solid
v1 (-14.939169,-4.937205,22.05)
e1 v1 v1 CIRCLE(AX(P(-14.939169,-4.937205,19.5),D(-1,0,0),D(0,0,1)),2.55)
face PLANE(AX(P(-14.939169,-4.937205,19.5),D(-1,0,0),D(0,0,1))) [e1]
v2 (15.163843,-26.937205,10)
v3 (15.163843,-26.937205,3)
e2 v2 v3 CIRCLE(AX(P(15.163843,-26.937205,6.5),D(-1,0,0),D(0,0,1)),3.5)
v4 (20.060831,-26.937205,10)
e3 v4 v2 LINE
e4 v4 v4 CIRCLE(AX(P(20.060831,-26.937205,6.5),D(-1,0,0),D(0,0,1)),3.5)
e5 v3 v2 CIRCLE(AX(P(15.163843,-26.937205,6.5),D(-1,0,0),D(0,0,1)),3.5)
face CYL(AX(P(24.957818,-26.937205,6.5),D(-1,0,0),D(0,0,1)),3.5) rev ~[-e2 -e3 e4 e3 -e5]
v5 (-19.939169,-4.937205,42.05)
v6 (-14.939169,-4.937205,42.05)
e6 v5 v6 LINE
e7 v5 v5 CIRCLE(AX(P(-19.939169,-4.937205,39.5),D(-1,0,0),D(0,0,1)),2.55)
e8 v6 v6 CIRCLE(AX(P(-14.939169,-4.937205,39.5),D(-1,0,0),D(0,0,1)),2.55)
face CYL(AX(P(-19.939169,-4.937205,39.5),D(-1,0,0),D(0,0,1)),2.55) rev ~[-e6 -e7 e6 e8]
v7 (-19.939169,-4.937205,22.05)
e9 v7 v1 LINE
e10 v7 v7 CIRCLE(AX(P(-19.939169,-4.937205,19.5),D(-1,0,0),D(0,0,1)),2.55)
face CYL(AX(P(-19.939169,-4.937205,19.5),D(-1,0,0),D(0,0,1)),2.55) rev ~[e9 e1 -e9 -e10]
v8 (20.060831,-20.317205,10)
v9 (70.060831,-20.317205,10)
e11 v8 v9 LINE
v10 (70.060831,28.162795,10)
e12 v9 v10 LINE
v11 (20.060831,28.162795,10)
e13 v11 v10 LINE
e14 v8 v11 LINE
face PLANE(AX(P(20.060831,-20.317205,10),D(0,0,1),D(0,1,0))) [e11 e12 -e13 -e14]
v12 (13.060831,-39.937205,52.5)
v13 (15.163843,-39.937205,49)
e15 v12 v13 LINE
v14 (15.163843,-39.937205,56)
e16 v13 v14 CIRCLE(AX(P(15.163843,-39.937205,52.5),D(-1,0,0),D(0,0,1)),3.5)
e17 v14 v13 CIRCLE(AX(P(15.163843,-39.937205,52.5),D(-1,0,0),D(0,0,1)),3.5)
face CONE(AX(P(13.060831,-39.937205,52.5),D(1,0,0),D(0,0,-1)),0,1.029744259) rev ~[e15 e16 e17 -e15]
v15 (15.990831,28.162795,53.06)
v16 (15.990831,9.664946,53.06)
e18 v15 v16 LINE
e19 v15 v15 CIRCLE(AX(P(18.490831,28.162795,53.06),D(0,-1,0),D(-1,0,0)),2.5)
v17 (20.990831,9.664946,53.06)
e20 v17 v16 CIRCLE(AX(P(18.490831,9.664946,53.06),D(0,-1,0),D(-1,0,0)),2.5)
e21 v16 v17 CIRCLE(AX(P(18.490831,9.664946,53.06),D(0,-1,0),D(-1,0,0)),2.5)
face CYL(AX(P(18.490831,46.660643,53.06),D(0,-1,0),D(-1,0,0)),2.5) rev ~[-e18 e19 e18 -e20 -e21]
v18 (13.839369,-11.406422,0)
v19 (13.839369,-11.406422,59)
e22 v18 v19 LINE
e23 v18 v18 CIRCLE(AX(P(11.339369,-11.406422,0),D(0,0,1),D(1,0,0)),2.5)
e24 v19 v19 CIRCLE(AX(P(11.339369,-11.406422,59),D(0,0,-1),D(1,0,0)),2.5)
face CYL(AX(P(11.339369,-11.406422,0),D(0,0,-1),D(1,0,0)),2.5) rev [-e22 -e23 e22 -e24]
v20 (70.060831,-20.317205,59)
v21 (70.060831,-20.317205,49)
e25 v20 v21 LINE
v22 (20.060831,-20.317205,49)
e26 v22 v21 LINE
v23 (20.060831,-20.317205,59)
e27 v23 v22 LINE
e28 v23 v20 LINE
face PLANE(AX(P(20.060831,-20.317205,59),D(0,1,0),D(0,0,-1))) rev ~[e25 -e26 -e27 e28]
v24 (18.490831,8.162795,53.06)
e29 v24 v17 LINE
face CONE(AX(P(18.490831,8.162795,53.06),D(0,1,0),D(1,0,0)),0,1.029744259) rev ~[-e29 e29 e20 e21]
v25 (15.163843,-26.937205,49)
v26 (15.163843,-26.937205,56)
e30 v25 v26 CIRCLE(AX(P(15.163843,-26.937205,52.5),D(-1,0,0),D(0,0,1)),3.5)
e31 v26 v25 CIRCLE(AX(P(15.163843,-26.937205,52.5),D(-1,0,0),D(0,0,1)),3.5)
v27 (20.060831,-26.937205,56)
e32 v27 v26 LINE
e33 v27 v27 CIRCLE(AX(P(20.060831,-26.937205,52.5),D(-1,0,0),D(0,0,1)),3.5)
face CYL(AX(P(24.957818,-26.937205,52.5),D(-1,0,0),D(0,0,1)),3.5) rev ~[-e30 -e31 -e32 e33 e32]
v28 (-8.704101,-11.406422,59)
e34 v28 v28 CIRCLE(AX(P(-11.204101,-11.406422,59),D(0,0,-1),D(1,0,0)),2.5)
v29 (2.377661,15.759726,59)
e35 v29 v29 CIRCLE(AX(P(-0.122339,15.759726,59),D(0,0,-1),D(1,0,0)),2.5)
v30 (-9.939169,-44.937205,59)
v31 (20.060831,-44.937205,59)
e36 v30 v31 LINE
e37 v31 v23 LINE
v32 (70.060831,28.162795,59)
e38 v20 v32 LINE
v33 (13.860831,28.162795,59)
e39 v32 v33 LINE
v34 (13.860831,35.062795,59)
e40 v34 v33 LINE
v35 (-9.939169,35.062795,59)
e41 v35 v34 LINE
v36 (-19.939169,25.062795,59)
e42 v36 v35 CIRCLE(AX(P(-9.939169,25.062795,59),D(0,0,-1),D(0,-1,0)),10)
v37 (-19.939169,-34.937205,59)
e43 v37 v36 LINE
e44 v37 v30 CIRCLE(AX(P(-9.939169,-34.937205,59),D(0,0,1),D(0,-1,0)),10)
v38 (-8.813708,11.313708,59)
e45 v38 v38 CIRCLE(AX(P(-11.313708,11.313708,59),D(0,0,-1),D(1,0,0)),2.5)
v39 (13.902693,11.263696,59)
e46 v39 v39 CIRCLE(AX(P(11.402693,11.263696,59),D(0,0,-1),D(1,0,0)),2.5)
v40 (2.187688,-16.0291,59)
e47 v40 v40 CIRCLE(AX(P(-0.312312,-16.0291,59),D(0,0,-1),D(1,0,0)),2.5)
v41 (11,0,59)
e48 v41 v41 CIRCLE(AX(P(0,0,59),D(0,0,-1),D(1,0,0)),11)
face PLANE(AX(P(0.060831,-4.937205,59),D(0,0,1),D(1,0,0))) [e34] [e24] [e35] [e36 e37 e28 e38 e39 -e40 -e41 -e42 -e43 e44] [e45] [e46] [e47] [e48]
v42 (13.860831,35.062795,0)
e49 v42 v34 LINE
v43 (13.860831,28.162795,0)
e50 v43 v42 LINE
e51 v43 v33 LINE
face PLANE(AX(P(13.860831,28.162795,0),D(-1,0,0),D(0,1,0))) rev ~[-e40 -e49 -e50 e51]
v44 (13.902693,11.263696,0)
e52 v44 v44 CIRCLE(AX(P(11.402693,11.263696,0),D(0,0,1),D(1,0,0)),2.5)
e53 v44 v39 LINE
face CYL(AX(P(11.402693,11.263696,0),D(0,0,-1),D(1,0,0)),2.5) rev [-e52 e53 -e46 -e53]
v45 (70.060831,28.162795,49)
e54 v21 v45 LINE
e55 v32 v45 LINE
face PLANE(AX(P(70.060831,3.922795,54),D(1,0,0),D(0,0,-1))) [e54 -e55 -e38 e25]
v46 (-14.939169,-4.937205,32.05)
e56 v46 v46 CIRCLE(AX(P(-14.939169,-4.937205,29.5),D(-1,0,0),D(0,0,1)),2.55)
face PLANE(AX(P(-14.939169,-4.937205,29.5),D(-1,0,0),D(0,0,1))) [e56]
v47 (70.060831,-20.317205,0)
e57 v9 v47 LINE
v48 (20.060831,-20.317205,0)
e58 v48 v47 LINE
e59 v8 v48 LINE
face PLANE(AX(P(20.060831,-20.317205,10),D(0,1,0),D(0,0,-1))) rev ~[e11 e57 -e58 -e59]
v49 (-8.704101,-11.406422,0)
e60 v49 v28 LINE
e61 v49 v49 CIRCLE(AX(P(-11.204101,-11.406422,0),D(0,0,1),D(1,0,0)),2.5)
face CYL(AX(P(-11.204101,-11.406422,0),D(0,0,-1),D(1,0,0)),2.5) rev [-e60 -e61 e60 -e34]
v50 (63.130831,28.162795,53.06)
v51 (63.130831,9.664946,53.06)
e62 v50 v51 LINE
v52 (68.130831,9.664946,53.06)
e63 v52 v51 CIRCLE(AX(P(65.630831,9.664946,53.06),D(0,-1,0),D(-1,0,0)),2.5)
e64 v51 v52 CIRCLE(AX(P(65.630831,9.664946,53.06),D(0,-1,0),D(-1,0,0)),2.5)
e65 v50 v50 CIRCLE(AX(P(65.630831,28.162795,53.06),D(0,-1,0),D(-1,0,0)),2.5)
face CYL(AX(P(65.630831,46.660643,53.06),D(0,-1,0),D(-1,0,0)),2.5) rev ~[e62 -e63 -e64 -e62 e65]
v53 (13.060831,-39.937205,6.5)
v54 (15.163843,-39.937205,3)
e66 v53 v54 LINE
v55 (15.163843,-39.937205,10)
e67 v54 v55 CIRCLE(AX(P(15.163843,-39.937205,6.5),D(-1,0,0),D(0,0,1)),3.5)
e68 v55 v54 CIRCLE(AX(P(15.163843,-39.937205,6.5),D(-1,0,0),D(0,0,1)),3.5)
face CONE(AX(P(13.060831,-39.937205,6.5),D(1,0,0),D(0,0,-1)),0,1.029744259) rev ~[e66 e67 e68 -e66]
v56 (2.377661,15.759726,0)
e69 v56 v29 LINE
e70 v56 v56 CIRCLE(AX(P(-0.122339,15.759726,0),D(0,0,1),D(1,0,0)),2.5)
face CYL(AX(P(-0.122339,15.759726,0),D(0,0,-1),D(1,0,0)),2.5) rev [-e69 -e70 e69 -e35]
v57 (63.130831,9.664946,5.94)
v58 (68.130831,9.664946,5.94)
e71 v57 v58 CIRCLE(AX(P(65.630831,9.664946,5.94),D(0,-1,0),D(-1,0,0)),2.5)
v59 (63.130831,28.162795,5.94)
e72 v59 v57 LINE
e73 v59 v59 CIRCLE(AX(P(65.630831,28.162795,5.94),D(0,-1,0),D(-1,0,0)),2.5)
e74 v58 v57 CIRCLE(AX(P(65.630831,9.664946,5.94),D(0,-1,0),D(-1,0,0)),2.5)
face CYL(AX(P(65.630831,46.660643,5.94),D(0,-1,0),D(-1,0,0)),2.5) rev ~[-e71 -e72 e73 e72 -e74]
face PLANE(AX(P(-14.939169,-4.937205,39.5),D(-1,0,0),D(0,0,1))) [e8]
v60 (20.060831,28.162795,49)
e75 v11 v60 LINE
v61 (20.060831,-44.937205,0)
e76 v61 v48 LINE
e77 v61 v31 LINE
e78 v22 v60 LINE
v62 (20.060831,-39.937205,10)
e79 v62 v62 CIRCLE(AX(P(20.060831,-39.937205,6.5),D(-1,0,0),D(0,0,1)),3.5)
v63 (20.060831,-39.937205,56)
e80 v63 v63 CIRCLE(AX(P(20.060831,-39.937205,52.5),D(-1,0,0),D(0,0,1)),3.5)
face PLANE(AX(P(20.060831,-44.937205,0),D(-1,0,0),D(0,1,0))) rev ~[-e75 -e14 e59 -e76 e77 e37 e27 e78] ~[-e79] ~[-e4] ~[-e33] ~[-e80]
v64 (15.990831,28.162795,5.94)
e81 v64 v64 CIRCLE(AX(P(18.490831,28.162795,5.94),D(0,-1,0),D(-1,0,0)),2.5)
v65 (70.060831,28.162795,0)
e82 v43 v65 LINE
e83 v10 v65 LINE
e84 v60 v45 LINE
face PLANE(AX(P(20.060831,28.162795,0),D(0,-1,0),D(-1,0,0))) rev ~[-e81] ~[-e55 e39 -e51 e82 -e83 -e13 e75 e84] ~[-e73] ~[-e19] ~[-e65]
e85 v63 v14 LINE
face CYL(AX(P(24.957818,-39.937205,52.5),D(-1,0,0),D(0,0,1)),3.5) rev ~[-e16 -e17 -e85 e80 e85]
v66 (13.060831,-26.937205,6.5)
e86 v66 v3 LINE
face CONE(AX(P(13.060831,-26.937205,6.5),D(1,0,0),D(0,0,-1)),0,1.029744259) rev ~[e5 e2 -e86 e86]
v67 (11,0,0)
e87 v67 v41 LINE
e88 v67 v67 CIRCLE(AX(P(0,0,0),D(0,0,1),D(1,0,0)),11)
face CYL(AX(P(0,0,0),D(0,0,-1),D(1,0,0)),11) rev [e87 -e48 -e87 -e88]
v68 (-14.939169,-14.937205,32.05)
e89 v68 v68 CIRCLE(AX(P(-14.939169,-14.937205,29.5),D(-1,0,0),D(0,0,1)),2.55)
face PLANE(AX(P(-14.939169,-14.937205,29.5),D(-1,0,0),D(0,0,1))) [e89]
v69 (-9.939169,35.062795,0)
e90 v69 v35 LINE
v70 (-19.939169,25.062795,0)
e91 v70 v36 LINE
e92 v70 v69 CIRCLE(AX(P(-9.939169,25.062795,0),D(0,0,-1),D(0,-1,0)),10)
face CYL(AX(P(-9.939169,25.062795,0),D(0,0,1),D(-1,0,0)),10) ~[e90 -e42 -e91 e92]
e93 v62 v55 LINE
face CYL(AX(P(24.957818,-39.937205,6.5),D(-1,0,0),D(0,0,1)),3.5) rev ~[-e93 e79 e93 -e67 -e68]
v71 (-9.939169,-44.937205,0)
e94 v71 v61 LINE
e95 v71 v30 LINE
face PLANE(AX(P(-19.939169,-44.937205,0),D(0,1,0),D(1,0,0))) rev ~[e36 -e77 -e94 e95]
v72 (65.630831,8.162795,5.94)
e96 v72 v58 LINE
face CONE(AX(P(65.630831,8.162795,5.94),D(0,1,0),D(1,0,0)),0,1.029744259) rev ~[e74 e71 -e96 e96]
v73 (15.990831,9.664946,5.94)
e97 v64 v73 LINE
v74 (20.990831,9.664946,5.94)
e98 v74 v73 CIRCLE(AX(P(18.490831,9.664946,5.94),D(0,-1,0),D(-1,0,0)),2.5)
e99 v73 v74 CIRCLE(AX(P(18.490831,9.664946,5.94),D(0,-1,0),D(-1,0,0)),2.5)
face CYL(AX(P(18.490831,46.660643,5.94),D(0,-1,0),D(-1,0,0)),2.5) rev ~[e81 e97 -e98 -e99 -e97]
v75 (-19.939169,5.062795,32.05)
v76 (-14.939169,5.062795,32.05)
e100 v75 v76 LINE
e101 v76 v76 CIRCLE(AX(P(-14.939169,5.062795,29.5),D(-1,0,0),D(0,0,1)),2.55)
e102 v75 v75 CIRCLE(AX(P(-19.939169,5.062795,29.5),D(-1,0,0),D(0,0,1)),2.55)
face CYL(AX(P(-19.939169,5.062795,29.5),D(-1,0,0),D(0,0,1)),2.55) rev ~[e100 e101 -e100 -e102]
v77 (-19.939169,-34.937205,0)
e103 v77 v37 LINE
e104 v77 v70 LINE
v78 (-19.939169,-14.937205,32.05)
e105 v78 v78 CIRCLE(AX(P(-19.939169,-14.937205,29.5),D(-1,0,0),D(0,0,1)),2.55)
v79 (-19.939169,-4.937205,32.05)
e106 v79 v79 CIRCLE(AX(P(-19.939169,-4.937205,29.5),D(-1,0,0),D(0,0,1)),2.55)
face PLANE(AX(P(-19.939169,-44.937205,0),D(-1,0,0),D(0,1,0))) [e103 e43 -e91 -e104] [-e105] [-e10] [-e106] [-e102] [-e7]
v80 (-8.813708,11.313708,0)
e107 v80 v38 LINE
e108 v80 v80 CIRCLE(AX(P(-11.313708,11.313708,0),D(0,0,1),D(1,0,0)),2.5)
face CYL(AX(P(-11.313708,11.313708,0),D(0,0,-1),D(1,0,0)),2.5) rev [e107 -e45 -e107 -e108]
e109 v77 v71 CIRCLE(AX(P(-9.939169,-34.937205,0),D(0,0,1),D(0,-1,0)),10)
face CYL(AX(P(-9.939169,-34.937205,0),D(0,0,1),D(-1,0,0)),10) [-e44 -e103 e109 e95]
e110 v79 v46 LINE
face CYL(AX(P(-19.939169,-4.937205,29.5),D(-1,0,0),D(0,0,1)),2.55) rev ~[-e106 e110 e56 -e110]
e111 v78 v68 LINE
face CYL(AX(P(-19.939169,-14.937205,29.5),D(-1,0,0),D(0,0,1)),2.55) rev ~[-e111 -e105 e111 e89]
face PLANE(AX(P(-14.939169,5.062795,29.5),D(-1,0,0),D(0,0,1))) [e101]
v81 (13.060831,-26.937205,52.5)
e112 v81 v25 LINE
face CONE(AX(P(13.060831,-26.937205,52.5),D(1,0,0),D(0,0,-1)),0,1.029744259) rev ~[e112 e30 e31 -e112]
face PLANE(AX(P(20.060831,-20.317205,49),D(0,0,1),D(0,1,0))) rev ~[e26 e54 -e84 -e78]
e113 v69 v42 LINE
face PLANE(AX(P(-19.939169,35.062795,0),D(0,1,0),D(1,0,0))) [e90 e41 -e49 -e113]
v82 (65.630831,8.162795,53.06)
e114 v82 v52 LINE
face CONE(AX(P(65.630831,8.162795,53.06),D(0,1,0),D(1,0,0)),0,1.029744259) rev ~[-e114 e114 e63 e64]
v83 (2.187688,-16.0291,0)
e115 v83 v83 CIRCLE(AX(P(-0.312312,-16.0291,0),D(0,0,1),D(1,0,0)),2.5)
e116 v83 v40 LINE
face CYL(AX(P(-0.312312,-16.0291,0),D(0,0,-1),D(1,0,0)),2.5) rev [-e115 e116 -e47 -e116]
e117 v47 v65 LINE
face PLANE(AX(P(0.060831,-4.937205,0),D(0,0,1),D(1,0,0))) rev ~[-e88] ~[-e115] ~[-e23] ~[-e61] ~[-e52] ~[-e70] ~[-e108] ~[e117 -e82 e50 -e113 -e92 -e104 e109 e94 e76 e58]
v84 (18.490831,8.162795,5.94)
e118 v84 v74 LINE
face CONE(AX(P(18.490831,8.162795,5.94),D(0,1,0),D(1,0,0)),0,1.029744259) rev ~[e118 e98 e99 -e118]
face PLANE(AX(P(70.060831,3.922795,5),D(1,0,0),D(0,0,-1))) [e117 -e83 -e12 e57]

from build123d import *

# Parameters (mm, degrees)
SKETCH1_W                    = 40
SKETCH1_H                    = 80
BOSS_EXTRUDE1_DEPTH          = 59
SKETCH2_R                    = 11
SKETCH2_R_2                  = 2.5
CUT_EXTRUDE1_DEPTH           = 77.829612465
SKETCH5_R                    = 2.55
CUT_EXTRUDE3_DEPTH           = 5
FILLET3_R                    = 10
FILLET4_R                    = 10
F_7_0_7_DIAMETER_HOLE1_D     = 7
F_7_0_7_DIAMETER_HOLE1_DEPTH = 4.896987833
F_7_0_7_DIAMETER_HOLE1_TIP   = 2.103012167
SKETCH13_W                   = 10
SKETCH13_H                   = 48.48
BOSS_EXTRUDE2_DEPTH          = 50
SKETCH18_W                   = 6.2
SKETCH18_H                   = 6.9
CUT_EXTRUDE4_DEPTH           = 103.023881602
F_5_0_5_DIAMETER_HOLE1_D     = 5
F_5_0_5_DIAMETER_HOLE1_DEPTH = 18.497848452
F_5_0_5_DIAMETER_HOLE1_TIP   = 1.502151548


with BuildPart() as part:
    # Sketch1 → Boss-Extrude1 (new body)
    with BuildSketch(Plane.XY):
        with Locations((0.060830656, -4.937205352)):
            Rectangle(SKETCH1_W, SKETCH1_H)
    extrude(amount=BOSS_EXTRUDE1_DEPTH)

    # Sketch2 → Cut-Extrude1 (cut, through all)
    with BuildSketch(Plane.XY):
        Circle(SKETCH2_R)
        with Locations((-11.313708499, 11.313708499)):
            Circle(SKETCH2_R_2)
        with Locations((-0.122338904, 15.759725587)):
            Circle(SKETCH2_R_2)
        with Locations((11.402693442, 11.263696484)):
            Circle(SKETCH2_R_2)
        with Locations((11.339369089, -11.406422087)):
            Circle(SKETCH2_R_2)
        with Locations((-0.312311964, -16.029099896)):
            Circle(SKETCH2_R_2)
        with Locations((-11.204100775, -11.406422087)):
            Circle(SKETCH2_R_2)
    extrude(amount=CUT_EXTRUDE1_DEPTH, mode=Mode.SUBTRACT)

    # Sketch5 → Cut-Extrude3 (cut)
    with BuildSketch(Plane.ZY.offset(19.939169344)):
        with Locations((29.5, -4.937205352)):
            Circle(SKETCH5_R)
        with Locations((39.5, -4.937205352)):
            Circle(SKETCH5_R)
        with Locations((19.5, -4.937205352)):
            Circle(SKETCH5_R)
        with Locations((29.5, 5.062794648)):
            Circle(SKETCH5_R)
        with Locations((29.5, -14.937205352)):
            Circle(SKETCH5_R)
    extrude(amount=-CUT_EXTRUDE3_DEPTH, mode=Mode.SUBTRACT)

    # Fillet3
    fillet3_edges = [part.edges().sort_by_distance(p)[0] for p in [
        (-19.939169344, -44.937205352, 29.5),
    ]]
    fillet(fillet3_edges, radius=FILLET3_R)

    # Fillet4
    fillet4_edges = [part.edges().sort_by_distance(p)[0] for p in [
        (-19.939169344, 35.062794648, 29.5),
    ]]
    fillet(fillet4_edges, radius=FILLET4_R)

    # Ø7.0 (7) Diameter Hole1
    with Locations(Plane(origin=(20.060830656, 0, 0), x_dir=(0, 0, -1), z_dir=(1, 0, 0))):
        with Locations((-52.5, -26.937205352), (-52.5, -39.937205352), (-6.5, -39.937205352), (-6.5, -26.937205352)):
            Hole(F_7_0_7_DIAMETER_HOLE1_D / 2, depth=F_7_0_7_DIAMETER_HOLE1_DEPTH)
            with Locations((0, 0, -(F_7_0_7_DIAMETER_HOLE1_DEPTH + F_7_0_7_DIAMETER_HOLE1_TIP / 2))):  # 118° drill point
                Cone(0, F_7_0_7_DIAMETER_HOLE1_D / 2, F_7_0_7_DIAMETER_HOLE1_TIP, mode=Mode.SUBTRACT)

    # Sketch13 → Boss-Extrude2 (add)
    with BuildSketch(Plane(origin=(20.060830656, 0, 0), x_dir=(0, 0, -1), z_dir=(1, 0, 0))):
        with Locations((-5, 3.922794648)):
            Rectangle(SKETCH13_W, SKETCH13_H)
        with Locations((-54, 3.922794648)):
            Rectangle(SKETCH13_W, SKETCH13_H)
    extrude(amount=BOSS_EXTRUDE2_DEPTH)

    # Sketch18 → Cut-Extrude4 (cut, through all)
    with BuildSketch(Plane(origin=(0, 0, 0), x_dir=(-1, 0, 0), z_dir=(0, 0, -1))):
        with Locations((-16.960830656, 31.612794648)):
            Rectangle(SKETCH18_W, SKETCH18_H)
    extrude(amount=-CUT_EXTRUDE4_DEPTH, mode=Mode.SUBTRACT)

    # Ø5.0 (5) Diameter Hole1
    with Locations(Plane(origin=(0, 28.162794648, 0), x_dir=(1, 0, 0), z_dir=(0, 1, 0))):
        with Locations((18.490830656, -5.94), (65.630830656, -5.94), (65.630830656, -53.06), (18.490830656, -53.06)):
            Hole(F_5_0_5_DIAMETER_HOLE1_D / 2, depth=F_5_0_5_DIAMETER_HOLE1_DEPTH)
            with Locations((0, 0, -(F_5_0_5_DIAMETER_HOLE1_DEPTH + F_5_0_5_DIAMETER_HOLE1_TIP / 2))):  # 118° drill point
                Cone(0, F_5_0_5_DIAMETER_HOLE1_D / 2, F_5_0_5_DIAMETER_HOLE1_TIP, mode=Mode.SUBTRACT)


solid = part.part
